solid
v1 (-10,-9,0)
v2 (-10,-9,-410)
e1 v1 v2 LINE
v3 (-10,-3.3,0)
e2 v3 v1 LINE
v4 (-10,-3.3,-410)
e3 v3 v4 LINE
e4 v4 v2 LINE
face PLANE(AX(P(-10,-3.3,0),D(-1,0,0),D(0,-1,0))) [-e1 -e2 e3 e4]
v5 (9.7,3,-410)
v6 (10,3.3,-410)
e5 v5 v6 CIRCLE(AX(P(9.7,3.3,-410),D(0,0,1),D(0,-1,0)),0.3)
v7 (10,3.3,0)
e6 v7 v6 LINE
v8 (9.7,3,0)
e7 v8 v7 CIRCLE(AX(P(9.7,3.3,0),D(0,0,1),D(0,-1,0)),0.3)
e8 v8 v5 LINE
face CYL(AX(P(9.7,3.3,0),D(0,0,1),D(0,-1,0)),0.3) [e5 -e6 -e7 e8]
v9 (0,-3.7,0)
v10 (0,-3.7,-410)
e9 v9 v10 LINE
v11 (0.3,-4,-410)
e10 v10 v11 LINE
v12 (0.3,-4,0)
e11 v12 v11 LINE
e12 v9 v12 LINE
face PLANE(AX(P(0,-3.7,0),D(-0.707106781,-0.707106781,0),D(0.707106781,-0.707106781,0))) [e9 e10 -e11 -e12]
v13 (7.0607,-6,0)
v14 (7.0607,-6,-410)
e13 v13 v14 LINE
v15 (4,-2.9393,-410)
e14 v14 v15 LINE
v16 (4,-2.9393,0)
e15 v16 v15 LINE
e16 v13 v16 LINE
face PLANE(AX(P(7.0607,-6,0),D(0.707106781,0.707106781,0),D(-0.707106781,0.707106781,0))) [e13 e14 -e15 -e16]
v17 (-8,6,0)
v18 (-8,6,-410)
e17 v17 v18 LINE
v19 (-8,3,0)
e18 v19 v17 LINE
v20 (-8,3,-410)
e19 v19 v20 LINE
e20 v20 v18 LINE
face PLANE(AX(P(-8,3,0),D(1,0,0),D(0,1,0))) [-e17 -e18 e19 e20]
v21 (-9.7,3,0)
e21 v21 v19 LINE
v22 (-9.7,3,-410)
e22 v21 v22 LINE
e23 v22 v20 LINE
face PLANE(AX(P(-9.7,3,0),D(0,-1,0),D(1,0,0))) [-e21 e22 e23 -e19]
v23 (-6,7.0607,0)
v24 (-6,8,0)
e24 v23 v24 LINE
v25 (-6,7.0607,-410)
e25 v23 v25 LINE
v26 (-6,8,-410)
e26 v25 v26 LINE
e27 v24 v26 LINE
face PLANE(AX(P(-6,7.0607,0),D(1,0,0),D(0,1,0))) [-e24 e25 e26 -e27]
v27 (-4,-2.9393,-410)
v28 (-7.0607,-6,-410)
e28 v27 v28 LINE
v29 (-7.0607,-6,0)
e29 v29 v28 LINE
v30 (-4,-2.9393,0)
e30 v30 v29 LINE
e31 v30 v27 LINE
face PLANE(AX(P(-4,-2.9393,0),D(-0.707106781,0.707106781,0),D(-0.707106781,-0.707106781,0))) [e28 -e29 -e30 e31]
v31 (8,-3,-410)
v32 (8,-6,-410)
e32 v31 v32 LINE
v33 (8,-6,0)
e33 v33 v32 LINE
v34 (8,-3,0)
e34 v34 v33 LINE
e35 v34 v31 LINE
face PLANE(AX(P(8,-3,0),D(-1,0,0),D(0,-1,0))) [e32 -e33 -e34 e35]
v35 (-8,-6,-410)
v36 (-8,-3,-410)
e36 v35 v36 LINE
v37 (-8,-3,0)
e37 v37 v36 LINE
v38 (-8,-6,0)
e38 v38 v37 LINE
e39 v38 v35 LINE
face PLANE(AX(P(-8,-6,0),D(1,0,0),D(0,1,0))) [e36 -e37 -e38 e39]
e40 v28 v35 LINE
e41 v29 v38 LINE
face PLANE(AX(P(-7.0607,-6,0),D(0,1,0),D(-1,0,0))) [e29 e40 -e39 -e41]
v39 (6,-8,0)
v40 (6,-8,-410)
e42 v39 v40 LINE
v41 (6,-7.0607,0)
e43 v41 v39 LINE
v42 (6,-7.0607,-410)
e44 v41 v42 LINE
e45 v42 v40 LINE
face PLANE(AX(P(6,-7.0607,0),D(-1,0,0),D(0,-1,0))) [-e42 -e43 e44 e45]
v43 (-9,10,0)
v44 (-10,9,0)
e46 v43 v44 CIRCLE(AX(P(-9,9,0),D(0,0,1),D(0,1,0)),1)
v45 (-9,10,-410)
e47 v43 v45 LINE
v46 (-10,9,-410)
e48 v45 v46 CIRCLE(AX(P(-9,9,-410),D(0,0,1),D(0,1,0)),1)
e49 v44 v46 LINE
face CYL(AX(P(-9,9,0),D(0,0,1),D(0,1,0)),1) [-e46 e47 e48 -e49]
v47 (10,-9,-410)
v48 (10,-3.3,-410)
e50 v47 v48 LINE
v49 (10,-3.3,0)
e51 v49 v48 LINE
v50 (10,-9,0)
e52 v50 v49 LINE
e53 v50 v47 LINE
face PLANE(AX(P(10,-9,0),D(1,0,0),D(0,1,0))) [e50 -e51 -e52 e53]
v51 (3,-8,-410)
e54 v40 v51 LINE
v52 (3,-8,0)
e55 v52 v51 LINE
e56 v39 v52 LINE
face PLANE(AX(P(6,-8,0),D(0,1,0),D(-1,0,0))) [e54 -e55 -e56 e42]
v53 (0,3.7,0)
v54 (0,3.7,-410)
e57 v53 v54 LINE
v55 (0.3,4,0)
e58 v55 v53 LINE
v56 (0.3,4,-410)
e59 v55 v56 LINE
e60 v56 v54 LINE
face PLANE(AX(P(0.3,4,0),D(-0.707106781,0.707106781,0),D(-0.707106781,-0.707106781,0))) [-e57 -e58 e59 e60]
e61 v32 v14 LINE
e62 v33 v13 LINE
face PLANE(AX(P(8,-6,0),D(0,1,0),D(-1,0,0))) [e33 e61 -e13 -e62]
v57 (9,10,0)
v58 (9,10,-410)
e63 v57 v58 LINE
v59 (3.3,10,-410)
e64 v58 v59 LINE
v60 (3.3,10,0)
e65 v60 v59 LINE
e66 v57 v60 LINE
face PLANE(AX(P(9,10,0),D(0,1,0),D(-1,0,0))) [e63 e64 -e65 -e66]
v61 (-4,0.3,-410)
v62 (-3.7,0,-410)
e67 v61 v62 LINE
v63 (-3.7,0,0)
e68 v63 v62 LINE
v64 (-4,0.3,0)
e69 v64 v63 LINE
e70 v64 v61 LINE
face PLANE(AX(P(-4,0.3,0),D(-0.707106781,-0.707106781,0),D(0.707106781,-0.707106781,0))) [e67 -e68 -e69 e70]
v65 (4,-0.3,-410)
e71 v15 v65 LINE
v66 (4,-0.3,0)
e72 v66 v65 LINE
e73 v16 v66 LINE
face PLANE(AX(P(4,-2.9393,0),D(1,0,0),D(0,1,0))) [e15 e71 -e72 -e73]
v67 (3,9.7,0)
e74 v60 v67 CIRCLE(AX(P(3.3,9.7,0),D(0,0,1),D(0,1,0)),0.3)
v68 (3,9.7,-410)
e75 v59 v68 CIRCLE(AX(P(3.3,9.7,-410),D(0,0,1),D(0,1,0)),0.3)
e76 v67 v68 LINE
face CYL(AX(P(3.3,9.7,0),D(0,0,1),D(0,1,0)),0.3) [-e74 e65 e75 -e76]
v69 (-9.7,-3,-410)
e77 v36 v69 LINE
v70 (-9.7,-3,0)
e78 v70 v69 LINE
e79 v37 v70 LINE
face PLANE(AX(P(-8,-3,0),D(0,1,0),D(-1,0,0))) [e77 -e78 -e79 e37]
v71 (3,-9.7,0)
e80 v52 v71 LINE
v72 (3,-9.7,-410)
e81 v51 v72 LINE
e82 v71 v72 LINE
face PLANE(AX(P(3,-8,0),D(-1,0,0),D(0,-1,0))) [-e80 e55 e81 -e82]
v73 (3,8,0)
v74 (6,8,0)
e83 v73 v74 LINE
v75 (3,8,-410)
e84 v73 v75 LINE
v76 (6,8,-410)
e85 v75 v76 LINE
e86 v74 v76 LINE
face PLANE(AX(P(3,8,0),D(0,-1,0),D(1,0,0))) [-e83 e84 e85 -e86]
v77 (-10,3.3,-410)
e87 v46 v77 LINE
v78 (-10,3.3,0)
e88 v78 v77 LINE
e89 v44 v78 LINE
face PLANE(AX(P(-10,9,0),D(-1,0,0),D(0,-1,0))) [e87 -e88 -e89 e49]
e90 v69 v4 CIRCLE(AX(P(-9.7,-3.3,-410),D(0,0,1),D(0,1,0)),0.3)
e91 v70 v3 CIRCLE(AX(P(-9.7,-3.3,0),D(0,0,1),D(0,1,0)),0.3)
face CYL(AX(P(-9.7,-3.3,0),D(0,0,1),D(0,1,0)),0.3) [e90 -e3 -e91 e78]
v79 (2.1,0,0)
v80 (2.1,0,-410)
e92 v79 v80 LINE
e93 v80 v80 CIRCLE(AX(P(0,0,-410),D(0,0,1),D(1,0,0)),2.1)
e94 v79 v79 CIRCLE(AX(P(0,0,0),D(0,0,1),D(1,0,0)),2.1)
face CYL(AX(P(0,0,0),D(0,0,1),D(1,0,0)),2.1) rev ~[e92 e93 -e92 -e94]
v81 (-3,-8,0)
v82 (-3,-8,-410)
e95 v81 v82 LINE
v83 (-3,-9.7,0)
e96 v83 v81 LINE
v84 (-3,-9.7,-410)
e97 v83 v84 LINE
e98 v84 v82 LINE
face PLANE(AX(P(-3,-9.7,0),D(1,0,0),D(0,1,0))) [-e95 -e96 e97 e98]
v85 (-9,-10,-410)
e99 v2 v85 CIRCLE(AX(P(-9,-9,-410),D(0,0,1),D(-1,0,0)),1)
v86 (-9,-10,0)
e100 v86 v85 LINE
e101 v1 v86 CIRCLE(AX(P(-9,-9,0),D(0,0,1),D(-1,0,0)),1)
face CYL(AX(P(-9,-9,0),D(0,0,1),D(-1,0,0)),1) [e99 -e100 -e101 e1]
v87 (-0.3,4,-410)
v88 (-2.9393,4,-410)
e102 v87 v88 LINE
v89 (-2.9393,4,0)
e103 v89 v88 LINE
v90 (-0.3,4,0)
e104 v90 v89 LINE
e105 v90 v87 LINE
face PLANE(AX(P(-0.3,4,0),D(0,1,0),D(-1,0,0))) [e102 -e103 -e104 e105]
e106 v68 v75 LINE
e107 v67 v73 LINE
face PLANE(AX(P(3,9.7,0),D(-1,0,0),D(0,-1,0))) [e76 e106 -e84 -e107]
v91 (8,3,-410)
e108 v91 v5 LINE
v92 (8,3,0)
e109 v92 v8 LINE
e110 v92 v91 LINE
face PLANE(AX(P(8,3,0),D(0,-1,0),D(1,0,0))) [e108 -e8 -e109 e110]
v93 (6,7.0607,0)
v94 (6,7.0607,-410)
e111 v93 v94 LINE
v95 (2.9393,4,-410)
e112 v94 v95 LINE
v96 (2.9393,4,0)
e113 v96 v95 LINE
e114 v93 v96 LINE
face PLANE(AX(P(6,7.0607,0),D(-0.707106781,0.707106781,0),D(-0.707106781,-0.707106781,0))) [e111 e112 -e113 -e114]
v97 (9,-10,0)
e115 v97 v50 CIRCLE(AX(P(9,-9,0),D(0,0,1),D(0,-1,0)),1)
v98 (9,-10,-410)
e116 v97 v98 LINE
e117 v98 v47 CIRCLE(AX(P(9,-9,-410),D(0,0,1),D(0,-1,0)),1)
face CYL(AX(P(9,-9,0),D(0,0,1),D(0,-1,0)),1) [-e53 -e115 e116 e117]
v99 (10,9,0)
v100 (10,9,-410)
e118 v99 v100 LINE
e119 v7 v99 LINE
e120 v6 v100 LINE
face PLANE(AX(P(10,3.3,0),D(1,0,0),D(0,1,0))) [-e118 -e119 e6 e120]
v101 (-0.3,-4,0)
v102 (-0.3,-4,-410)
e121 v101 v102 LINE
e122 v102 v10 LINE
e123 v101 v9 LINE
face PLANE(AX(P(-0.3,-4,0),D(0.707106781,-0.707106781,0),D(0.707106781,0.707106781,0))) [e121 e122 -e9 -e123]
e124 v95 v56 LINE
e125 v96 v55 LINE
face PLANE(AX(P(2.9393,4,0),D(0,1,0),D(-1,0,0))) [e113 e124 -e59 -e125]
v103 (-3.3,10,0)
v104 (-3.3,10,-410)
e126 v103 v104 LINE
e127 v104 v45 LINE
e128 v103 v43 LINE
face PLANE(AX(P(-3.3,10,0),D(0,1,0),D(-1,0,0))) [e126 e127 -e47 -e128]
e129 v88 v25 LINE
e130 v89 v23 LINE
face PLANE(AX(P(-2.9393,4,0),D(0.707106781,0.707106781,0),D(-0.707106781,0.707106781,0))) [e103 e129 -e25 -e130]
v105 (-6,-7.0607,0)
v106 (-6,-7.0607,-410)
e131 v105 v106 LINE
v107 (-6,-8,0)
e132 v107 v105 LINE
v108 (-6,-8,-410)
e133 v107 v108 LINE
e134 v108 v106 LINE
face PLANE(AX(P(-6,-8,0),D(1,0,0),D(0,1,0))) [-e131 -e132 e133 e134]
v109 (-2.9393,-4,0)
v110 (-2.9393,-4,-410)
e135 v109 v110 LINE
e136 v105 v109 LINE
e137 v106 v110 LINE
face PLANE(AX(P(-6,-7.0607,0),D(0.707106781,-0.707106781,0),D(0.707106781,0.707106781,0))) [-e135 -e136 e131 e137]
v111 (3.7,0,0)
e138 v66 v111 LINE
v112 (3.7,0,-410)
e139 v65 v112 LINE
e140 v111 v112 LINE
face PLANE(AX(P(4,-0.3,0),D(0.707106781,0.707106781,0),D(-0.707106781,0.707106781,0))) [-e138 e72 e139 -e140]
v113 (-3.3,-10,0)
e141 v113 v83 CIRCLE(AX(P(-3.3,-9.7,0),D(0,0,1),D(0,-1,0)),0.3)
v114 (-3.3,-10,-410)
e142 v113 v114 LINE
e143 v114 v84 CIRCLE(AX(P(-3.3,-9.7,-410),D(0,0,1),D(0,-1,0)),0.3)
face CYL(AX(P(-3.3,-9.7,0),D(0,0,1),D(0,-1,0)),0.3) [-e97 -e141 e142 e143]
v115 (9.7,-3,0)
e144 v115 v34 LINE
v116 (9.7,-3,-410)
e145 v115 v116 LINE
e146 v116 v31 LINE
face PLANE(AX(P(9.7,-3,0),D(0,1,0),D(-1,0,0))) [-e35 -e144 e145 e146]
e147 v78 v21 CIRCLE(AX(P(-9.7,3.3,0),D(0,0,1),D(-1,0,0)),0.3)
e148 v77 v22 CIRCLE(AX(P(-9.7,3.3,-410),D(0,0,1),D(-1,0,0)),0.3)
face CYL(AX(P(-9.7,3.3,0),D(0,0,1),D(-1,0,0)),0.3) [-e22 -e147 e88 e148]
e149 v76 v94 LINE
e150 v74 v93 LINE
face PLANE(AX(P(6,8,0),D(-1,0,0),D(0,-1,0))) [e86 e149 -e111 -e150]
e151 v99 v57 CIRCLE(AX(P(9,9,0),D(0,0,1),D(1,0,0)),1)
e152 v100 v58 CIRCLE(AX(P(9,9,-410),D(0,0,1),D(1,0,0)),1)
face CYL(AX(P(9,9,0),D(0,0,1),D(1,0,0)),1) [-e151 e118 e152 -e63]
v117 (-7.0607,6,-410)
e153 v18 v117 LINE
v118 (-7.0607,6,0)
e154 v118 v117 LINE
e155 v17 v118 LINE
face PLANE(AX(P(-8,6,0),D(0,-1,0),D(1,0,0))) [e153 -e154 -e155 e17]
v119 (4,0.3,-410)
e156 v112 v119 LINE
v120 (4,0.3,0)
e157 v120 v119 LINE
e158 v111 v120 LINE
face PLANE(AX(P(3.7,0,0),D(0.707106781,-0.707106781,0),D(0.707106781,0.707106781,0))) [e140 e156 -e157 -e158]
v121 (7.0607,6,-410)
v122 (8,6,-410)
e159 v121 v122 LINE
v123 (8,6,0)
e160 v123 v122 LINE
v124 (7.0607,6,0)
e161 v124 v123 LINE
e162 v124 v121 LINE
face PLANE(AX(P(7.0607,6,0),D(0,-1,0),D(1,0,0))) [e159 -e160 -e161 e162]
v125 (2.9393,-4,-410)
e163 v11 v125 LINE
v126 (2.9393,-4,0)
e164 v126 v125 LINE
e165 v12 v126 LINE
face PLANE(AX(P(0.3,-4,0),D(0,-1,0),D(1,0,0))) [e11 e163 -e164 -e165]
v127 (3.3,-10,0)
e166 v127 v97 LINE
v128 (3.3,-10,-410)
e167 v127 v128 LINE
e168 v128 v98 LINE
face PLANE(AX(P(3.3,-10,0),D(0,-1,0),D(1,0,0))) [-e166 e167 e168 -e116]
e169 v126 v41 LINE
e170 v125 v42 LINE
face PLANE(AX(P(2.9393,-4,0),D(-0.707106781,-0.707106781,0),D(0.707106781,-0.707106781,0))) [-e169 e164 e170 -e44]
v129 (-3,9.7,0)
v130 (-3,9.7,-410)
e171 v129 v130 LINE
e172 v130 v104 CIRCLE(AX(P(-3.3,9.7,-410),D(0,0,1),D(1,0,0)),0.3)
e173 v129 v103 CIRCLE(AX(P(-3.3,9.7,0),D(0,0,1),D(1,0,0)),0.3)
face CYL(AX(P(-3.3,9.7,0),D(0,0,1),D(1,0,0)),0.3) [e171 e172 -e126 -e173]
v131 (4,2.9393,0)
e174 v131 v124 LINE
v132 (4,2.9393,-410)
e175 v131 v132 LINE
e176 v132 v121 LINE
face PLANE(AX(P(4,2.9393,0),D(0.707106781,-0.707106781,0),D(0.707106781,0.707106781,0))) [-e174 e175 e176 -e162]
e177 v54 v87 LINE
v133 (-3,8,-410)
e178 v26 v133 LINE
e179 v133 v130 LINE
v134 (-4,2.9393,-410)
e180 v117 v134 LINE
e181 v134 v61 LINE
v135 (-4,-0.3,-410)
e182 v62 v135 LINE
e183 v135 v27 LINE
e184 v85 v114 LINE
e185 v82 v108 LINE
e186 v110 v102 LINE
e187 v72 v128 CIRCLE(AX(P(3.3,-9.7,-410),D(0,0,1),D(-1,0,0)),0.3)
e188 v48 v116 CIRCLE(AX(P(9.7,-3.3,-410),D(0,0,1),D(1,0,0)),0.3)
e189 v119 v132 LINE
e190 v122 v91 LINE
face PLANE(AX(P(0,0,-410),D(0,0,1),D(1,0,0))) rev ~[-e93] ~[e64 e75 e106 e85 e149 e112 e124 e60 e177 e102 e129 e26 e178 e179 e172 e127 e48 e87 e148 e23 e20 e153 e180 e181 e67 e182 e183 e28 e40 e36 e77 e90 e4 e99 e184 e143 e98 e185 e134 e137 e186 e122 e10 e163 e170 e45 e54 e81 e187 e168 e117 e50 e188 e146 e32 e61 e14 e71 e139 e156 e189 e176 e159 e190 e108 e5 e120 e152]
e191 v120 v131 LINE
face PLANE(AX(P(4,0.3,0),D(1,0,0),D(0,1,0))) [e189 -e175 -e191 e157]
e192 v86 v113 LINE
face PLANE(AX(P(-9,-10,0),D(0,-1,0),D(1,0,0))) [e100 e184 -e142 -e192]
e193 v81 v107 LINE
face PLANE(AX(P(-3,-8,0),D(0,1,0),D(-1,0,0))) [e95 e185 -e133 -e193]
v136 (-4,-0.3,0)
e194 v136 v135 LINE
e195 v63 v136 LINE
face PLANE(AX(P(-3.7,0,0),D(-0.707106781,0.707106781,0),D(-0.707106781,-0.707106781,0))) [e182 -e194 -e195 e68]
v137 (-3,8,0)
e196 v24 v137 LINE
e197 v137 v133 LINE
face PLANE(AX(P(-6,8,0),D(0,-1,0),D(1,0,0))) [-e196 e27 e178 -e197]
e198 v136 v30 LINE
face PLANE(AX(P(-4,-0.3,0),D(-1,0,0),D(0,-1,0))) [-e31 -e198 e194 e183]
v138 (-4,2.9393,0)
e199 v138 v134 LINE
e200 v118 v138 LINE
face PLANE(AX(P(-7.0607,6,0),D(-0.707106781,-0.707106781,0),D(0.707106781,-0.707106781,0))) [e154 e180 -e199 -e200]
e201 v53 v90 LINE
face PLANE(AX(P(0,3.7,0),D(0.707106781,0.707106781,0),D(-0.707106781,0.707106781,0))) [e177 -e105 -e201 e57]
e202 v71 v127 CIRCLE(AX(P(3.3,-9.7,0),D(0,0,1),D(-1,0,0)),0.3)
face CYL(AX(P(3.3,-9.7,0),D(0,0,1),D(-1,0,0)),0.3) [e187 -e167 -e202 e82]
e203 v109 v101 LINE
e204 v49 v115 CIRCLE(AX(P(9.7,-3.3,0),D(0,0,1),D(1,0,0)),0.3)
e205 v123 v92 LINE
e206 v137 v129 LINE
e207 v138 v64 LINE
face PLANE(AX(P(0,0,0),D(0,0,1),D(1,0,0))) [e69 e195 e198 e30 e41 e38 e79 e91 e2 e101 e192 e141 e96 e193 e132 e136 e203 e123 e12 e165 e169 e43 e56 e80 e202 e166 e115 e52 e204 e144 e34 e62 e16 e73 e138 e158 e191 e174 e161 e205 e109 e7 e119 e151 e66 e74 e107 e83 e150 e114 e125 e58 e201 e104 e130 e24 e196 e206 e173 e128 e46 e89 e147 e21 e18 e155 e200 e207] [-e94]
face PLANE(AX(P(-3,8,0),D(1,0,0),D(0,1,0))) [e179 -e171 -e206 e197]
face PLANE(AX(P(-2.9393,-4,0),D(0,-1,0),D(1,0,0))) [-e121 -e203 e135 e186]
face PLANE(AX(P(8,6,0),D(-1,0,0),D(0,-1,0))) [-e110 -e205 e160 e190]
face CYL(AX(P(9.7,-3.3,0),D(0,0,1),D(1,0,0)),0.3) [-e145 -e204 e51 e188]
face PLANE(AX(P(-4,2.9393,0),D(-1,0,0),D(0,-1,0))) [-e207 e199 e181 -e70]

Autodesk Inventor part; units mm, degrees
ref_plane "YZ Plane" through (0, 0, 0) normal (1, 0, 0) x (0, 1, 0)
ref_plane "XZ Plane" through (0, 0, 0) normal (0, 1, 0) x (-1, 0, 0)
ref_plane "XY Plane" through (0, 0, 0) normal (0, 0, 1) x (1, 0, 0)
sketch "Sketch_5" plane through (0, 0, 0) normal (0, 0, 1) x (1, 0, 0)
  line L0 (-10, 9) -> (-10, 3.3)
  arc A0 (-10, 3.3) -> (-9.7, 3) centre (-9.7, 3.3) ccw
  line L1 (-9.7, 3) -> (-8, 3)
  line L2 (-8, 3) -> (-8, 6)
  line L3 (-8, 6) -> (-7.0607, 6)
  line L4 (-7.0607, 6) -> (-4, 2.9393)
  line L5 (-4, 2.9393) -> (-4, 0.3)
  line L6 (-4, 0.3) -> (-3.7, 0)
  line L7 (-3.7, 0) -> (-4, -0.3)
  line L8 (-4, -0.3) -> (-4, -2.9393)
  line L9 (-4, -2.9393) -> (-7.0607, -6)
  line L10 (-7.0607, -6) -> (-8, -6)
  line L11 (-8, -6) -> (-8, -3)
  line L12 (-8, -3) -> (-9.7, -3)
  arc A1 (-9.7, -3) -> (-10, -3.3) centre (-9.7, -3.3) ccw
  line L13 (-10, -3.3) -> (-10, -9)
  arc A2 (-10, -9) -> (-9, -10) centre (-9, -9) ccw
  line L14 (-9, -10) -> (-3.3, -10)
  arc A3 (-3.3, -10) -> (-3, -9.7) centre (-3.3, -9.7) ccw
  line L15 (-3, -9.7) -> (-3, -8)
  line L16 (-3, -8) -> (-6, -8)
  line L17 (-6, -8) -> (-6, -7.0607)
  line L18 (-6, -7.0607) -> (-2.9393, -4)
  line L19 (-2.9393, -4) -> (-0.3, -4)
  line L20 (-0.3, -4) -> (0, -3.7)
  line L21 (0, -3.7) -> (0.3, -4)
  line L22 (0.3, -4) -> (2.9393, -4)
  line L23 (2.9393, -4) -> (6, -7.0607)
  line L24 (6, -7.0607) -> (6, -8)
  line L25 (6, -8) -> (3, -8)
  line L26 (3, -8) -> (3, -9.7)
  arc A4 (3, -9.7) -> (3.3, -10) centre (3.3, -9.7) ccw
  line L27 (3.3, -10) -> (9, -10)
  arc A5 (9, -10) -> (10, -9) centre (9, -9) ccw
  line L28 (10, -9) -> (10, -3.3)
  arc A6 (10, -3.3) -> (9.7, -3) centre (9.7, -3.3) ccw
  line L29 (9.7, -3) -> (8, -3)
  line L30 (8, -3) -> (8, -6)
  line L31 (8, -6) -> (7.0607, -6)
  line L32 (7.0607, -6) -> (4, -2.9393)
  line L33 (4, -2.9393) -> (4, -0.3)
  line L34 (4, -0.3) -> (3.7, 0)
  line L35 (3.7, 0) -> (4, 0.3)
  line L36 (4, 0.3) -> (4, 2.9393)
  line L37 (4, 2.9393) -> (7.0607, 6)
  line L38 (7.0607, 6) -> (8, 6)
  line L39 (8, 6) -> (8, 3)
  line L40 (8, 3) -> (9.7, 3)
  arc A7 (9.7, 3) -> (10, 3.3) centre (9.7, 3.3) ccw
  line L41 (10, 3.3) -> (10, 9)
  arc A8 (10, 9) -> (9, 10) centre (9, 9) ccw
  line L42 (9, 10) -> (3.3, 10)
  arc A9 (3.3, 10) -> (3, 9.7) centre (3.3, 9.7) ccw
  line L43 (3, 9.7) -> (3, 8)
  line L44 (3, 8) -> (6, 8)
  line L45 (6, 8) -> (6, 7.0607)
  line L46 (6, 7.0607) -> (2.9393, 4)
  line L47 (2.9393, 4) -> (0.3, 4)
  line L48 (0.3, 4) -> (0, 3.7)
  line L49 (0, 3.7) -> (-0.3, 4)
  line L50 (-0.3, 4) -> (-2.9393, 4)
  line L51 (-2.9393, 4) -> (-6, 7.0607)
  line L52 (-6, 7.0607) -> (-6, 8)
  line L53 (-6, 8) -> (-3, 8)
  line L54 (-3, 8) -> (-3, 9.7)
  arc A10 (-3, 9.7) -> (-3.3, 10) centre (-3.3, 9.7) ccw
  line L55 (-3.3, 10) -> (-9, 10)
  arc A11 (-9, 10) -> (-10, 9) centre (-9, 9) ccw
  circle A12 centre (0, 0) radius 2.1
extrude "Extrusion1" add sketch "Sketch_5" against normal blind 410
properties part number "KHFS5-2020-4000"
